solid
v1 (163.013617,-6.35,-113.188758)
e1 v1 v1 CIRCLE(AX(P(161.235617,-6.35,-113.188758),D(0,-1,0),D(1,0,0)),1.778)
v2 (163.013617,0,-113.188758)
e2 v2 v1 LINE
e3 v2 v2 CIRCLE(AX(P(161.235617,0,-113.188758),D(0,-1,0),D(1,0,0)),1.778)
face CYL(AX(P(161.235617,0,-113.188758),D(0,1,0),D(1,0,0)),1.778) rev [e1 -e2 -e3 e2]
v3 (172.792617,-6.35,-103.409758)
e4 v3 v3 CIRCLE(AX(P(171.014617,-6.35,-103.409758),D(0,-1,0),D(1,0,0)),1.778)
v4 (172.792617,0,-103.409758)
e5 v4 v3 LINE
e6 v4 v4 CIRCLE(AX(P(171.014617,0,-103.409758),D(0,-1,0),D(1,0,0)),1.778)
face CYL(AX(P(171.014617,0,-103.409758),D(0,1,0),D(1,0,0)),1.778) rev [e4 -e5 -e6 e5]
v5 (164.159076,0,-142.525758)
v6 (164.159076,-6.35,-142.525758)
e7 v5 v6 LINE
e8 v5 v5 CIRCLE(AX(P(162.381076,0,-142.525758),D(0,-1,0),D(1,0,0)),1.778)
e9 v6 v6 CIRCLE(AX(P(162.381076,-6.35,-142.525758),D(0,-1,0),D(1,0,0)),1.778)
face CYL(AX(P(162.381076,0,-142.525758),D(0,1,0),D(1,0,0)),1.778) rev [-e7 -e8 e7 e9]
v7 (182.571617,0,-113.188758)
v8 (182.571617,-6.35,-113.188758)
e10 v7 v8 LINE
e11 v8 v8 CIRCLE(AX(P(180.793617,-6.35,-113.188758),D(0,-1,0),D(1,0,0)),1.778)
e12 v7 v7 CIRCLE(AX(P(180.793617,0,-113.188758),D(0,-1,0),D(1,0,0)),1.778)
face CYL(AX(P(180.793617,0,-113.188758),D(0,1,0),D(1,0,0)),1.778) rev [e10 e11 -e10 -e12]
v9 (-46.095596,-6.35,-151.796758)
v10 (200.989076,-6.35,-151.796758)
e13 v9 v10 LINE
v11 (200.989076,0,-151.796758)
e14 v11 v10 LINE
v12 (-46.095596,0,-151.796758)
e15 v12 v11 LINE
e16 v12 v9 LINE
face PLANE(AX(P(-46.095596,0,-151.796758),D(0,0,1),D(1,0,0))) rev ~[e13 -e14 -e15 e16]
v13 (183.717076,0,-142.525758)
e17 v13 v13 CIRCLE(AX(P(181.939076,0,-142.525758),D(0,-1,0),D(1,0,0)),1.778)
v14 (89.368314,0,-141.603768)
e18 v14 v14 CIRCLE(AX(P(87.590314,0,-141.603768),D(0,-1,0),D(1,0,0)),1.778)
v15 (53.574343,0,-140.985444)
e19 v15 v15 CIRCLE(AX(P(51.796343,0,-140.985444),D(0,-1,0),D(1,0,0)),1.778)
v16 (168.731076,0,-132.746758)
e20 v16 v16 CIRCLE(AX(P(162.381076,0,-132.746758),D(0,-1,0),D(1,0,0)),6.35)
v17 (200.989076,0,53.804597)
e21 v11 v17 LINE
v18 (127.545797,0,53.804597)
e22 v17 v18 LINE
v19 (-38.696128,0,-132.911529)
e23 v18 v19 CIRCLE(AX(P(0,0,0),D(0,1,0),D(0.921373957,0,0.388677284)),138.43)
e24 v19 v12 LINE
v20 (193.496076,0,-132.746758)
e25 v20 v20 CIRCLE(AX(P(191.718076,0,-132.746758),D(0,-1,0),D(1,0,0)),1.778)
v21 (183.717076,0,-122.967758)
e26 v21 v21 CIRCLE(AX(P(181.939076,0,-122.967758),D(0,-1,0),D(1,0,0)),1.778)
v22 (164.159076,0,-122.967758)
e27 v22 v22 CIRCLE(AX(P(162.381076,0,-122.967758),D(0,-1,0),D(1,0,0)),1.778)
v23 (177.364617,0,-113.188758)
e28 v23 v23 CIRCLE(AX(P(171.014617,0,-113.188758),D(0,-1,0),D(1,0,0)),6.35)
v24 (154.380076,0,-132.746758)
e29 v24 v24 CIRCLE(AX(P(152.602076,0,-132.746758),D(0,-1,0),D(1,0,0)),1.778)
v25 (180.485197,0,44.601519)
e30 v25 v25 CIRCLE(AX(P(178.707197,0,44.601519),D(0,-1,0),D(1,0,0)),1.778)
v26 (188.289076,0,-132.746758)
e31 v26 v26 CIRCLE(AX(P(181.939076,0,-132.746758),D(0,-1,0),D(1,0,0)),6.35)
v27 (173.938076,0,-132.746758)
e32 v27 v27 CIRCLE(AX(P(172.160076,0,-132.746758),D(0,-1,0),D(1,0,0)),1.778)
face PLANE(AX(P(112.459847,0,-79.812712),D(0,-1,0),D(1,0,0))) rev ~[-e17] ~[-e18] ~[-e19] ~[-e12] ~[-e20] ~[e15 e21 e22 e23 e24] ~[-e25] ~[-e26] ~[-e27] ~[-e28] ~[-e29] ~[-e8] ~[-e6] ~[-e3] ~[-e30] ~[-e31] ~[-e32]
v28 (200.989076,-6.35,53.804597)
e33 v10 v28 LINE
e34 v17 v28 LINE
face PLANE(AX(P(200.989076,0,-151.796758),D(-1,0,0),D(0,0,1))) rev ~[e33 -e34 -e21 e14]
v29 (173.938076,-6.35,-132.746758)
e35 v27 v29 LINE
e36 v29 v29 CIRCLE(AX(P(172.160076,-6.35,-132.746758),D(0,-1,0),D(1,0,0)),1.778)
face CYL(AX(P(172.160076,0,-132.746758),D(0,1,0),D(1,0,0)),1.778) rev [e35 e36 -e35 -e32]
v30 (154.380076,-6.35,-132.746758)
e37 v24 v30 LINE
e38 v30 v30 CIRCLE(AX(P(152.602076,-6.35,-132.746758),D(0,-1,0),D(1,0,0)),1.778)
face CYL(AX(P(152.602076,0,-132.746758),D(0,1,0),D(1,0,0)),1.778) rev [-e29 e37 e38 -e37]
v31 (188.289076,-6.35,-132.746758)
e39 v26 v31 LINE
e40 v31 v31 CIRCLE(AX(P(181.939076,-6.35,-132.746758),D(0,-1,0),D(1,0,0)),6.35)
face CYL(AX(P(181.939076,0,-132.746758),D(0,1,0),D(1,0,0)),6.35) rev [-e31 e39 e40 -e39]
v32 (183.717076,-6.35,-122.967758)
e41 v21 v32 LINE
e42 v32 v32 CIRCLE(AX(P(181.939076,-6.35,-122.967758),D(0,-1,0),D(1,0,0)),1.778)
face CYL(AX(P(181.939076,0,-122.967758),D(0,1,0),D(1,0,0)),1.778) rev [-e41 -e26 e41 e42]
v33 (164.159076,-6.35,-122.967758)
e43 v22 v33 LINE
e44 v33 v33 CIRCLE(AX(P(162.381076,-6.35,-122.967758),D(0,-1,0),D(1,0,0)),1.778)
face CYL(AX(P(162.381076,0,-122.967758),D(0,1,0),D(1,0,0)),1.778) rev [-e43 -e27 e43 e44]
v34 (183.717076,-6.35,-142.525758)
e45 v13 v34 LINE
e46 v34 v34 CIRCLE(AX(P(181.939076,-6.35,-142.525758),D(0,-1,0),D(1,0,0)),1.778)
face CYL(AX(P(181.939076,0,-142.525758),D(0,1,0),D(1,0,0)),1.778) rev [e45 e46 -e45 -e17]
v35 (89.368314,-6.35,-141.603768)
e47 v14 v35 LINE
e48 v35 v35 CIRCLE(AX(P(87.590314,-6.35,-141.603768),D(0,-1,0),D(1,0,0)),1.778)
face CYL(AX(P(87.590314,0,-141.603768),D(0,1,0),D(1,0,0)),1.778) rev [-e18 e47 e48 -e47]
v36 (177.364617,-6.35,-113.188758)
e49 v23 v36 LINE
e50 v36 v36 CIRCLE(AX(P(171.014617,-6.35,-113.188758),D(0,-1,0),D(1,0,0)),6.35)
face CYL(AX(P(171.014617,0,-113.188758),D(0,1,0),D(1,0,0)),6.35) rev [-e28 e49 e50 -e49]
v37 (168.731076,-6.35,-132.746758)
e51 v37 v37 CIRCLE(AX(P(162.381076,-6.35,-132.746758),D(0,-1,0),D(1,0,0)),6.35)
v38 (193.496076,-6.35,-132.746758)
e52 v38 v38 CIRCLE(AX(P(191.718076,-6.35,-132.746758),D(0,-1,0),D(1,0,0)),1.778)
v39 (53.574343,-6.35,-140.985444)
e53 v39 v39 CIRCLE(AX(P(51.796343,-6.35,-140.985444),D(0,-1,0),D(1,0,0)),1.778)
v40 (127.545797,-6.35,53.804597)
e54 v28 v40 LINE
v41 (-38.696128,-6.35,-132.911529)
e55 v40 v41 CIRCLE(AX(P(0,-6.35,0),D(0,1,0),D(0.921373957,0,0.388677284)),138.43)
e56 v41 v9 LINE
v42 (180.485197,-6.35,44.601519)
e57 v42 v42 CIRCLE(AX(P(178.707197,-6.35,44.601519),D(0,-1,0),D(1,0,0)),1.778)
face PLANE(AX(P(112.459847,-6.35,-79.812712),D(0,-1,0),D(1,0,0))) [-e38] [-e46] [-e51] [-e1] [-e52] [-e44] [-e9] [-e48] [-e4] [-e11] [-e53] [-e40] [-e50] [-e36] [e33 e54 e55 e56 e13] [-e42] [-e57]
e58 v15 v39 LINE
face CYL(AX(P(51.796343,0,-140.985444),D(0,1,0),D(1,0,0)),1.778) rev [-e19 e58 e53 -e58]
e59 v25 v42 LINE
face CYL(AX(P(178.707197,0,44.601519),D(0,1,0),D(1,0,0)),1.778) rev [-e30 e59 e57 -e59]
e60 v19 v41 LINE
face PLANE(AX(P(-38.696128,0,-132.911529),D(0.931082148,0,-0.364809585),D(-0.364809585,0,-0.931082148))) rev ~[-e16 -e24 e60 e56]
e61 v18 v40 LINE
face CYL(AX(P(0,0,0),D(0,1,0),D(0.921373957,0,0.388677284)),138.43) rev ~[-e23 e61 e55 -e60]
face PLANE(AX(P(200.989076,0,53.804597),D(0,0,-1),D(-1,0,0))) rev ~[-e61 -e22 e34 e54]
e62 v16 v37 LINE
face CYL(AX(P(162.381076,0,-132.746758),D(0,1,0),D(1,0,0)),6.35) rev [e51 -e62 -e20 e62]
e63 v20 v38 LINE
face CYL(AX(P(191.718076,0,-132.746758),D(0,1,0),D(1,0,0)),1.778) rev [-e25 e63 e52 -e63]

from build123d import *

# Parameters (mm, degrees)
F0_R     = 1.778
F0_R_2   = 6.35
F1_DEPTH = 6.35


with BuildPart() as f1:
    # F0 (on Front) → F1 (new body)
    with BuildSketch(Plane.XZ):
        with BuildLine():
            ThreePointArc((127.545797, 53.804597), (103.389041, -92.052002), (-38.696128, -132.911529))
            Line((-38.696128, -132.911529), (-46.095596, -151.796758))
            Line((-46.095596, -151.796758), (-38.616359, -151.796758))
            Line((-38.616359, -151.796758), (200.989076, -151.796758))
            Line((200.989076, -151.796758), (200.989076, -145.446758))
            Line((200.989076, -145.446758), (200.989076, 53.804597))
            Line((200.989076, 53.804597), (127.545797, 53.804597))
        make_face()
        with Locations((51.796343, -140.985444)):
            Circle(F0_R, mode=Mode.SUBTRACT)
        with Locations((87.590314, -141.603768)):
            Circle(F0_R, mode=Mode.SUBTRACT)
        with Locations((162.381076, -142.525758)):
            Circle(F0_R, mode=Mode.SUBTRACT)
        with Locations((152.602076, -132.746758)):
            Circle(F0_R, mode=Mode.SUBTRACT)
        with Locations((162.381076, -132.746758)):
            Circle(F0_R_2, mode=Mode.SUBTRACT)
        with Locations((181.939076, -142.525758)):
            Circle(F0_R, mode=Mode.SUBTRACT)
        with Locations((172.160076, -132.746758)):
            Circle(F0_R, mode=Mode.SUBTRACT)
        with Locations((181.939076, -132.746758)):
            Circle(F0_R_2, mode=Mode.SUBTRACT)
        with Locations((191.718076, -132.746758)):
            Circle(F0_R, mode=Mode.SUBTRACT)
        with Locations((162.381076, -122.967758)):
            Circle(F0_R, mode=Mode.SUBTRACT)
        with Locations((161.235617, -113.188758)):
            Circle(F0_R, mode=Mode.SUBTRACT)
        with Locations((181.939076, -122.967758)):
            Circle(F0_R, mode=Mode.SUBTRACT)
        with Locations((171.014617, -113.188758)):
            Circle(F0_R_2, mode=Mode.SUBTRACT)
        with Locations((180.793617, -113.188758)):
            Circle(F0_R, mode=Mode.SUBTRACT)
        with Locations((171.014617, -103.409758)):
            Circle(F0_R, mode=Mode.SUBTRACT)
        with Locations((178.707197, 44.601519)):
            Circle(F0_R, mode=Mode.SUBTRACT)
    extrude(amount=F1_DEPTH)


solid = f1.part
